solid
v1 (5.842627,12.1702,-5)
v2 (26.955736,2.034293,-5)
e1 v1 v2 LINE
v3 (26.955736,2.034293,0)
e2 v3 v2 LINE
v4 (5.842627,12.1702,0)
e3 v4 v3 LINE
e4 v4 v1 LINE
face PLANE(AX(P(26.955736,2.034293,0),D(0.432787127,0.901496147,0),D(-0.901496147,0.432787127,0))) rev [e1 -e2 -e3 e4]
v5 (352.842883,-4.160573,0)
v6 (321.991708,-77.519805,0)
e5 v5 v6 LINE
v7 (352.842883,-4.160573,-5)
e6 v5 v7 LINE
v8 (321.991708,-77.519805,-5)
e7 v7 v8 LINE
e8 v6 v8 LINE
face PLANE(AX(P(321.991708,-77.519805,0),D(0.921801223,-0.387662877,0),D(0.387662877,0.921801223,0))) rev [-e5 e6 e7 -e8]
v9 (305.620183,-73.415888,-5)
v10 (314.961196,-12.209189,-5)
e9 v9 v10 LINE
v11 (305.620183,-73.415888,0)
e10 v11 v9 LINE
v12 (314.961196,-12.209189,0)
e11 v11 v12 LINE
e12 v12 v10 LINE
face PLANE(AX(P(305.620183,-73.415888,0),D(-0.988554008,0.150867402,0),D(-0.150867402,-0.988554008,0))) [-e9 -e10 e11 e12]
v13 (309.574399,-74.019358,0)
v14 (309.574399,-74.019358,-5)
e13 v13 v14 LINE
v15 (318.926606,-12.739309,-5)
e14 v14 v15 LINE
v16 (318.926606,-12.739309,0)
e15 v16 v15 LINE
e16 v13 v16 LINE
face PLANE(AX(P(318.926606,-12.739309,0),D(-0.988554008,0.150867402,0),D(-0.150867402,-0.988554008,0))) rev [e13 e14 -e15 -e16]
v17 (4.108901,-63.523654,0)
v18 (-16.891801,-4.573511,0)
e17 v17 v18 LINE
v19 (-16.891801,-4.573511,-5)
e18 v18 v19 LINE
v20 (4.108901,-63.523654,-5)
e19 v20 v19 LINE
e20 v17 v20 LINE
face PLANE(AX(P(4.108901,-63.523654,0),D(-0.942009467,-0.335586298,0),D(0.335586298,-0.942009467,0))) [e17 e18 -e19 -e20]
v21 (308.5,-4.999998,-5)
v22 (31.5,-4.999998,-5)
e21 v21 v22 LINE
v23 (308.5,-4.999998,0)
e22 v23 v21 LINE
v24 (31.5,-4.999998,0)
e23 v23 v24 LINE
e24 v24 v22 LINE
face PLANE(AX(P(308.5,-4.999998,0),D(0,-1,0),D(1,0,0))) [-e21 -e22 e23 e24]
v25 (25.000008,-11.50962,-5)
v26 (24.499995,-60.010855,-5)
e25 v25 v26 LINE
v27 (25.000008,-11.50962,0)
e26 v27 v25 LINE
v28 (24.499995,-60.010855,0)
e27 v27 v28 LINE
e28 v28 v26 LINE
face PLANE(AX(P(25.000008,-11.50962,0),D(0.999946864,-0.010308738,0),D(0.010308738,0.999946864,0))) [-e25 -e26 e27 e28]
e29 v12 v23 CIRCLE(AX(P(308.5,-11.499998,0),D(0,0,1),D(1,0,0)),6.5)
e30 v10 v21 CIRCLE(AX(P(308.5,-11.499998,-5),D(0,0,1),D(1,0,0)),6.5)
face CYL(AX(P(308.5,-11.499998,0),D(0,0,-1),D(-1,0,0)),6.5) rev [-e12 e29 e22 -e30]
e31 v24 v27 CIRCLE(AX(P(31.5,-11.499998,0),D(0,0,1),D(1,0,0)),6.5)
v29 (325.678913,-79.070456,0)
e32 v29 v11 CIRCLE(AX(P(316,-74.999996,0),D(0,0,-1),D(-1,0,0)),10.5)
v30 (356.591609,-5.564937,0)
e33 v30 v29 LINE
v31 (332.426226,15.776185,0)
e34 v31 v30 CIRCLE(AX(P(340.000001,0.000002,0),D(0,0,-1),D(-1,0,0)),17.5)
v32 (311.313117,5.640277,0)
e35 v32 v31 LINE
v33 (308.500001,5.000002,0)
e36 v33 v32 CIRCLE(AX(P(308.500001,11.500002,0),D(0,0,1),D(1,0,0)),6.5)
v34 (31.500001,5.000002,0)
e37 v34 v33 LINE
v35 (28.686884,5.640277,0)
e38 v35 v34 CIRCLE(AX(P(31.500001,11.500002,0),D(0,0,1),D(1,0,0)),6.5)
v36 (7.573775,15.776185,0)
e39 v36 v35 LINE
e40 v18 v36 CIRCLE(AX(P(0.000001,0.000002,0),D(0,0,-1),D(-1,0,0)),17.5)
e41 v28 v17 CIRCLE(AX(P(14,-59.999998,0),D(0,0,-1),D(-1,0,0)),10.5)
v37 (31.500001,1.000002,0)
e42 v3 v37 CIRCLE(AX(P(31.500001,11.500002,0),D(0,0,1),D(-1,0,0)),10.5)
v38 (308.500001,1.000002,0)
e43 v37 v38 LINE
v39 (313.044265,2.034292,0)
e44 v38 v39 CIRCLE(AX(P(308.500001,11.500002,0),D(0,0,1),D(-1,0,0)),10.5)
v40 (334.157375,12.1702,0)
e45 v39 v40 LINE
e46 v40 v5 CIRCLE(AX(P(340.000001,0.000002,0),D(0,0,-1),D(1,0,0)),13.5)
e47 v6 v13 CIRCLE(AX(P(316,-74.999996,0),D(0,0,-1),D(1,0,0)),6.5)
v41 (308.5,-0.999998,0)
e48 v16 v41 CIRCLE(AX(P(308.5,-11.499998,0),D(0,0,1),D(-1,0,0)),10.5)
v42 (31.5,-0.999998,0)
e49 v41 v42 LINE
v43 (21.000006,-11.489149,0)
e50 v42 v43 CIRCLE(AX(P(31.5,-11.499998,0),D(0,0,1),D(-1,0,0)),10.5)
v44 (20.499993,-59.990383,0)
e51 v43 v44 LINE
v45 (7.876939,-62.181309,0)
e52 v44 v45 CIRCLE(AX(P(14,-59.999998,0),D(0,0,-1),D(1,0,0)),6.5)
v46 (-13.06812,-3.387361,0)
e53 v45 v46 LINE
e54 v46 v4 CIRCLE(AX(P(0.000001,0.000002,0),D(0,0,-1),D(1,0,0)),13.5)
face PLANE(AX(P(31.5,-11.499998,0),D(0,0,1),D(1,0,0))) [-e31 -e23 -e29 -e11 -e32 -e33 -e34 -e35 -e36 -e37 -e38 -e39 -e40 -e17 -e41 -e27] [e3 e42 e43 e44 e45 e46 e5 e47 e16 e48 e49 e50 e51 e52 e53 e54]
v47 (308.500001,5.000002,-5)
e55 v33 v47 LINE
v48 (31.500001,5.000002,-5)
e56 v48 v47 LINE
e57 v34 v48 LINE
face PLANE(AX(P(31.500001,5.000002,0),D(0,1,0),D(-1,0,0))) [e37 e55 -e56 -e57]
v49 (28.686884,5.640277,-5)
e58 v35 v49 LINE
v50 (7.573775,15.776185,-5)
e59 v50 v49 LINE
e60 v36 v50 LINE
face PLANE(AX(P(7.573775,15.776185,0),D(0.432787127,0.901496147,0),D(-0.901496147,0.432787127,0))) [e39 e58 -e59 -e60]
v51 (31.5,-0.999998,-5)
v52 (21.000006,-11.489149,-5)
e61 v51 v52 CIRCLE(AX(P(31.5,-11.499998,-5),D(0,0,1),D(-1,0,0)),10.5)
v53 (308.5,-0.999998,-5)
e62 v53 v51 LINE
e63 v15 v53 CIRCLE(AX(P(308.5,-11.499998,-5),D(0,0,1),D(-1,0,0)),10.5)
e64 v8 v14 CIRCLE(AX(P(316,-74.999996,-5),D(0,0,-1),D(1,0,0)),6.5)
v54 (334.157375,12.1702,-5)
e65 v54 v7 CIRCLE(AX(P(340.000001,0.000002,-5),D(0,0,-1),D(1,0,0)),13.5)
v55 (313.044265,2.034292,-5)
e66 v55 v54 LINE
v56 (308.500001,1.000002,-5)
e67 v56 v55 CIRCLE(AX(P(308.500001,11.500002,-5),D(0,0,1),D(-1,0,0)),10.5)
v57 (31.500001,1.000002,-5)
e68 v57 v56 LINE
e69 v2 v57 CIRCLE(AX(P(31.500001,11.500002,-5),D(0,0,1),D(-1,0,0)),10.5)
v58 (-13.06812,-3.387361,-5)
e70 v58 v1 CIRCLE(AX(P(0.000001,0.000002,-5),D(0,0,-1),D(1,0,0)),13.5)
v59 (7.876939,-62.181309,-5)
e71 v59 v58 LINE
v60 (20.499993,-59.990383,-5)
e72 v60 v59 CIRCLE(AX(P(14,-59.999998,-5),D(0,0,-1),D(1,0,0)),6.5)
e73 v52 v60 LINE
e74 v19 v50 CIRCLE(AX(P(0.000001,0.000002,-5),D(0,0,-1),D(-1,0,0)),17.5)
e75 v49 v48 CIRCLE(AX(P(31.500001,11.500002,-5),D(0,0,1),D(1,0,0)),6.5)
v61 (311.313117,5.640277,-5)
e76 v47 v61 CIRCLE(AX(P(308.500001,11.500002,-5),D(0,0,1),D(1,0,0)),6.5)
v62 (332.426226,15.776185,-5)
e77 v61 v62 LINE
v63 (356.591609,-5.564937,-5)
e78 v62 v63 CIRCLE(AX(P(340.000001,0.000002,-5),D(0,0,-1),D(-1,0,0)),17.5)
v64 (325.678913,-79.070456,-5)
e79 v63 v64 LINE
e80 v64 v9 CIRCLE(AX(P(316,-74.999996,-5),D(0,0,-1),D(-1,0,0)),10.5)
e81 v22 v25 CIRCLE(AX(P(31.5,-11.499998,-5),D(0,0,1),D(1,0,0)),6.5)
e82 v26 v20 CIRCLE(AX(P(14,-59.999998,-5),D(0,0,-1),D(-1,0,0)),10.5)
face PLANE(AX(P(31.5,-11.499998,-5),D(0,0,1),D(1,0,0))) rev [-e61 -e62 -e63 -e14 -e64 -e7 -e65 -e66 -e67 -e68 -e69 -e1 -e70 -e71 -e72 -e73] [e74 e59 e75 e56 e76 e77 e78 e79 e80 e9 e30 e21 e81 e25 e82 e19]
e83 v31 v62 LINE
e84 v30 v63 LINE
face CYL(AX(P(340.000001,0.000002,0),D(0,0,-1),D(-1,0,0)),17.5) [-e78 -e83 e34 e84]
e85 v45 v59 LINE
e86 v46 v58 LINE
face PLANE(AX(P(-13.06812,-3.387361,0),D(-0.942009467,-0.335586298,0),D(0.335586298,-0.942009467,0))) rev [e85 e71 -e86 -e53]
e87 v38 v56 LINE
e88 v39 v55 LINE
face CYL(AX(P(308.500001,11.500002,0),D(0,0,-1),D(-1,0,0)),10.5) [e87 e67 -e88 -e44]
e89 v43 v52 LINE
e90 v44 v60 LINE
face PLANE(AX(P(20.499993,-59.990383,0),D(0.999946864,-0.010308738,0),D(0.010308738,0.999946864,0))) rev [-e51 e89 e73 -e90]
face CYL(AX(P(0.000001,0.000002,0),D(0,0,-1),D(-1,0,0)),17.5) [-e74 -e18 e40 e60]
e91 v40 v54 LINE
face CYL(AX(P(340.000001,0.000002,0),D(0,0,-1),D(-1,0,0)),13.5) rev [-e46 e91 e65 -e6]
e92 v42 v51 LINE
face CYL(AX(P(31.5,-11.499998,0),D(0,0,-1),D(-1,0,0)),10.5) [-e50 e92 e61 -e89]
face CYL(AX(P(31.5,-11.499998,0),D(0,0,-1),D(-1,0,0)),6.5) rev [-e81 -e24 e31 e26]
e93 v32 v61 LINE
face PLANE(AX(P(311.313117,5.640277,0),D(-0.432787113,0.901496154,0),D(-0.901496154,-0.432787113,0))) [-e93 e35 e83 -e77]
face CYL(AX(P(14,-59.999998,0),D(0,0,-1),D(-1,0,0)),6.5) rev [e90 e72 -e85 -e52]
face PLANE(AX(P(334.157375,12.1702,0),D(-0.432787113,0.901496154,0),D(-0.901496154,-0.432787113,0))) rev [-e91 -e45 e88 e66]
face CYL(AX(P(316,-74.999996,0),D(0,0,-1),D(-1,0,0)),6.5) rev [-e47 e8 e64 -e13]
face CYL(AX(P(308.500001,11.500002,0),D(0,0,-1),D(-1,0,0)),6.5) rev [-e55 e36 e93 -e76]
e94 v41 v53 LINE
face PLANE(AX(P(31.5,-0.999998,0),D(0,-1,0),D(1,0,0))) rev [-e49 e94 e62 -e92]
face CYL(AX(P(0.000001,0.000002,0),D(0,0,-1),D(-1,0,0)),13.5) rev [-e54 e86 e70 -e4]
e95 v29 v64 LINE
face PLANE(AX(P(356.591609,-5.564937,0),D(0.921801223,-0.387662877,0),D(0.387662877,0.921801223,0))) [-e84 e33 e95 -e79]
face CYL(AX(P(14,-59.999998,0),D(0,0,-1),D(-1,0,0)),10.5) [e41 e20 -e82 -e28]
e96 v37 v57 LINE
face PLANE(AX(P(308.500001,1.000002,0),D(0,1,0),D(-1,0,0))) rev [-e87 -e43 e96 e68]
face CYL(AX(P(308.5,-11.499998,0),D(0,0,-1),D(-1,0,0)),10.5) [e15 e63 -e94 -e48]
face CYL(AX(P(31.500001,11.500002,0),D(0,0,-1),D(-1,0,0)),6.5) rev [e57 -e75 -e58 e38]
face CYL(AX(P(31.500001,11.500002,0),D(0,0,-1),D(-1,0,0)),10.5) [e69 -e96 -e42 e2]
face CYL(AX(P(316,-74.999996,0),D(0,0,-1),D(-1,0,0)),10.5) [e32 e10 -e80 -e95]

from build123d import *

# Parameters (mm, degrees)
BOSS_EXTRUDE1_DEPTH = 5


with BuildPart() as part:
    # Sketch1 → Boss-Extrude1 (new body)
    with BuildSketch(Plane(origin=(0, 0, -5), x_dir=(-1, 0, 0), z_dir=(0, 0, -1))):
        with BuildLine():
            Line((-25.000007614, -11.509619935), (-24.499994503, -60.010855227))
            ThreePointArc((-24.499994503, -60.010855227), (-15.782590077, -70.347575927), (-4.10890071, -63.523653936))
            Line((-4.10890071, -63.523653936), (16.891801465, -4.573510965))
            ThreePointArc((16.891801465, -4.573510965), (11.190796465, 13.454223259), (-7.573775299, 15.776184877))
            Line((-7.573775299, 15.776184877), (-28.686884347, 5.640277106))
            ThreePointArc((-28.686884347, 5.640277106), (-30.057470291, 5.16209183), (-31.500000671, 5.000002061))
            Line((-31.500000671, 5.000002061), (-308.500000671, 5.000002061))
            ThreePointArc((-308.500000671, 5.000002061), (-309.942531001, 5.162091818), (-311.313116903, 5.640277062))
            Line((-311.313116903, 5.640277062), (-332.426226108, 15.776184506))
            ThreePointArc((-332.426226108, 15.776184506), (-351.584092911, 13.117120589), (-356.591608654, -5.564936777))
            Line((-356.591608654, -5.564936777), (-325.67891256, -79.070456081))
            ThreePointArc((-325.67891256, -79.070456081), (-313.151079009, -85.106115073), (-305.620183213, -73.415888323))
            Line((-305.620183213, -73.415888323), (-314.961196041, -12.209189089))
            ThreePointArc((-314.961196041, -12.209189089), (-313.340441716, -7.161780706), (-308.500000492, -4.999997939))
            Line((-308.500000492, -4.999997939), (-31.500000492, -4.999997939))
            ThreePointArc((-31.500000492, -4.999997939), (-26.900405783, -6.907207011), (-25.000007614, -11.509619935))
        make_face()
        with BuildLine():
            Line((-31.500000492, -0.999997939), (-308.500000492, -0.999997939))
            ThreePointArc((-308.500000492, -0.999997939), (-316.350566349, -4.527292887), (-318.926606245, -12.739309227))
            Line((-318.926606245, -12.739309227), (-309.574399245, -74.019357929))
            ThreePointArc((-309.574399245, -74.019357929), (-314.236382275, -81.256164837), (-321.991707669, -77.519804575))
            Line((-321.991707669, -77.519804575), (-352.84288251, -4.160573117))
            ThreePointArc((-352.84288251, -4.160573117), (-348.883942975, 10.16492029), (-334.157374559, 12.170199891))
            Line((-334.157374559, 12.170199891), (-313.044265354, 2.034292448))
            ThreePointArc((-313.044265354, 2.034292448), (-310.830241974, 1.261839361), (-308.500000671, 1.000002061))
            Line((-308.500000671, 1.000002061), (-31.500000671, 1.000002061))
            ThreePointArc((-31.500000671, 1.000002061), (-29.169759288, 1.261839379), (-26.95573584, 2.034292518))
            Line((-26.95573584, 2.034292518), (-5.842626792, 12.170200289))
            ThreePointArc((-5.842626792, 12.170200289), (8.576792018, 10.425386169), (13.068119724, -3.387361226))
            Line((13.068119724, -3.387361226), (-7.876938579, -62.181308743))
            ThreePointArc((-7.876938579, -62.181308743), (-15.111557007, -66.404249616), (-20.499993004, -59.990382536))
            Line((-20.499993004, -59.990382536), (-21.000006097, -11.489149069))
            ThreePointArc((-21.000006097, -11.489149069), (-24.079215936, -4.071542072), (-31.500000492, -0.999997939))
        make_face(mode=Mode.SUBTRACT)
    extrude(amount=-BOSS_EXTRUDE1_DEPTH)


solid = part.part
